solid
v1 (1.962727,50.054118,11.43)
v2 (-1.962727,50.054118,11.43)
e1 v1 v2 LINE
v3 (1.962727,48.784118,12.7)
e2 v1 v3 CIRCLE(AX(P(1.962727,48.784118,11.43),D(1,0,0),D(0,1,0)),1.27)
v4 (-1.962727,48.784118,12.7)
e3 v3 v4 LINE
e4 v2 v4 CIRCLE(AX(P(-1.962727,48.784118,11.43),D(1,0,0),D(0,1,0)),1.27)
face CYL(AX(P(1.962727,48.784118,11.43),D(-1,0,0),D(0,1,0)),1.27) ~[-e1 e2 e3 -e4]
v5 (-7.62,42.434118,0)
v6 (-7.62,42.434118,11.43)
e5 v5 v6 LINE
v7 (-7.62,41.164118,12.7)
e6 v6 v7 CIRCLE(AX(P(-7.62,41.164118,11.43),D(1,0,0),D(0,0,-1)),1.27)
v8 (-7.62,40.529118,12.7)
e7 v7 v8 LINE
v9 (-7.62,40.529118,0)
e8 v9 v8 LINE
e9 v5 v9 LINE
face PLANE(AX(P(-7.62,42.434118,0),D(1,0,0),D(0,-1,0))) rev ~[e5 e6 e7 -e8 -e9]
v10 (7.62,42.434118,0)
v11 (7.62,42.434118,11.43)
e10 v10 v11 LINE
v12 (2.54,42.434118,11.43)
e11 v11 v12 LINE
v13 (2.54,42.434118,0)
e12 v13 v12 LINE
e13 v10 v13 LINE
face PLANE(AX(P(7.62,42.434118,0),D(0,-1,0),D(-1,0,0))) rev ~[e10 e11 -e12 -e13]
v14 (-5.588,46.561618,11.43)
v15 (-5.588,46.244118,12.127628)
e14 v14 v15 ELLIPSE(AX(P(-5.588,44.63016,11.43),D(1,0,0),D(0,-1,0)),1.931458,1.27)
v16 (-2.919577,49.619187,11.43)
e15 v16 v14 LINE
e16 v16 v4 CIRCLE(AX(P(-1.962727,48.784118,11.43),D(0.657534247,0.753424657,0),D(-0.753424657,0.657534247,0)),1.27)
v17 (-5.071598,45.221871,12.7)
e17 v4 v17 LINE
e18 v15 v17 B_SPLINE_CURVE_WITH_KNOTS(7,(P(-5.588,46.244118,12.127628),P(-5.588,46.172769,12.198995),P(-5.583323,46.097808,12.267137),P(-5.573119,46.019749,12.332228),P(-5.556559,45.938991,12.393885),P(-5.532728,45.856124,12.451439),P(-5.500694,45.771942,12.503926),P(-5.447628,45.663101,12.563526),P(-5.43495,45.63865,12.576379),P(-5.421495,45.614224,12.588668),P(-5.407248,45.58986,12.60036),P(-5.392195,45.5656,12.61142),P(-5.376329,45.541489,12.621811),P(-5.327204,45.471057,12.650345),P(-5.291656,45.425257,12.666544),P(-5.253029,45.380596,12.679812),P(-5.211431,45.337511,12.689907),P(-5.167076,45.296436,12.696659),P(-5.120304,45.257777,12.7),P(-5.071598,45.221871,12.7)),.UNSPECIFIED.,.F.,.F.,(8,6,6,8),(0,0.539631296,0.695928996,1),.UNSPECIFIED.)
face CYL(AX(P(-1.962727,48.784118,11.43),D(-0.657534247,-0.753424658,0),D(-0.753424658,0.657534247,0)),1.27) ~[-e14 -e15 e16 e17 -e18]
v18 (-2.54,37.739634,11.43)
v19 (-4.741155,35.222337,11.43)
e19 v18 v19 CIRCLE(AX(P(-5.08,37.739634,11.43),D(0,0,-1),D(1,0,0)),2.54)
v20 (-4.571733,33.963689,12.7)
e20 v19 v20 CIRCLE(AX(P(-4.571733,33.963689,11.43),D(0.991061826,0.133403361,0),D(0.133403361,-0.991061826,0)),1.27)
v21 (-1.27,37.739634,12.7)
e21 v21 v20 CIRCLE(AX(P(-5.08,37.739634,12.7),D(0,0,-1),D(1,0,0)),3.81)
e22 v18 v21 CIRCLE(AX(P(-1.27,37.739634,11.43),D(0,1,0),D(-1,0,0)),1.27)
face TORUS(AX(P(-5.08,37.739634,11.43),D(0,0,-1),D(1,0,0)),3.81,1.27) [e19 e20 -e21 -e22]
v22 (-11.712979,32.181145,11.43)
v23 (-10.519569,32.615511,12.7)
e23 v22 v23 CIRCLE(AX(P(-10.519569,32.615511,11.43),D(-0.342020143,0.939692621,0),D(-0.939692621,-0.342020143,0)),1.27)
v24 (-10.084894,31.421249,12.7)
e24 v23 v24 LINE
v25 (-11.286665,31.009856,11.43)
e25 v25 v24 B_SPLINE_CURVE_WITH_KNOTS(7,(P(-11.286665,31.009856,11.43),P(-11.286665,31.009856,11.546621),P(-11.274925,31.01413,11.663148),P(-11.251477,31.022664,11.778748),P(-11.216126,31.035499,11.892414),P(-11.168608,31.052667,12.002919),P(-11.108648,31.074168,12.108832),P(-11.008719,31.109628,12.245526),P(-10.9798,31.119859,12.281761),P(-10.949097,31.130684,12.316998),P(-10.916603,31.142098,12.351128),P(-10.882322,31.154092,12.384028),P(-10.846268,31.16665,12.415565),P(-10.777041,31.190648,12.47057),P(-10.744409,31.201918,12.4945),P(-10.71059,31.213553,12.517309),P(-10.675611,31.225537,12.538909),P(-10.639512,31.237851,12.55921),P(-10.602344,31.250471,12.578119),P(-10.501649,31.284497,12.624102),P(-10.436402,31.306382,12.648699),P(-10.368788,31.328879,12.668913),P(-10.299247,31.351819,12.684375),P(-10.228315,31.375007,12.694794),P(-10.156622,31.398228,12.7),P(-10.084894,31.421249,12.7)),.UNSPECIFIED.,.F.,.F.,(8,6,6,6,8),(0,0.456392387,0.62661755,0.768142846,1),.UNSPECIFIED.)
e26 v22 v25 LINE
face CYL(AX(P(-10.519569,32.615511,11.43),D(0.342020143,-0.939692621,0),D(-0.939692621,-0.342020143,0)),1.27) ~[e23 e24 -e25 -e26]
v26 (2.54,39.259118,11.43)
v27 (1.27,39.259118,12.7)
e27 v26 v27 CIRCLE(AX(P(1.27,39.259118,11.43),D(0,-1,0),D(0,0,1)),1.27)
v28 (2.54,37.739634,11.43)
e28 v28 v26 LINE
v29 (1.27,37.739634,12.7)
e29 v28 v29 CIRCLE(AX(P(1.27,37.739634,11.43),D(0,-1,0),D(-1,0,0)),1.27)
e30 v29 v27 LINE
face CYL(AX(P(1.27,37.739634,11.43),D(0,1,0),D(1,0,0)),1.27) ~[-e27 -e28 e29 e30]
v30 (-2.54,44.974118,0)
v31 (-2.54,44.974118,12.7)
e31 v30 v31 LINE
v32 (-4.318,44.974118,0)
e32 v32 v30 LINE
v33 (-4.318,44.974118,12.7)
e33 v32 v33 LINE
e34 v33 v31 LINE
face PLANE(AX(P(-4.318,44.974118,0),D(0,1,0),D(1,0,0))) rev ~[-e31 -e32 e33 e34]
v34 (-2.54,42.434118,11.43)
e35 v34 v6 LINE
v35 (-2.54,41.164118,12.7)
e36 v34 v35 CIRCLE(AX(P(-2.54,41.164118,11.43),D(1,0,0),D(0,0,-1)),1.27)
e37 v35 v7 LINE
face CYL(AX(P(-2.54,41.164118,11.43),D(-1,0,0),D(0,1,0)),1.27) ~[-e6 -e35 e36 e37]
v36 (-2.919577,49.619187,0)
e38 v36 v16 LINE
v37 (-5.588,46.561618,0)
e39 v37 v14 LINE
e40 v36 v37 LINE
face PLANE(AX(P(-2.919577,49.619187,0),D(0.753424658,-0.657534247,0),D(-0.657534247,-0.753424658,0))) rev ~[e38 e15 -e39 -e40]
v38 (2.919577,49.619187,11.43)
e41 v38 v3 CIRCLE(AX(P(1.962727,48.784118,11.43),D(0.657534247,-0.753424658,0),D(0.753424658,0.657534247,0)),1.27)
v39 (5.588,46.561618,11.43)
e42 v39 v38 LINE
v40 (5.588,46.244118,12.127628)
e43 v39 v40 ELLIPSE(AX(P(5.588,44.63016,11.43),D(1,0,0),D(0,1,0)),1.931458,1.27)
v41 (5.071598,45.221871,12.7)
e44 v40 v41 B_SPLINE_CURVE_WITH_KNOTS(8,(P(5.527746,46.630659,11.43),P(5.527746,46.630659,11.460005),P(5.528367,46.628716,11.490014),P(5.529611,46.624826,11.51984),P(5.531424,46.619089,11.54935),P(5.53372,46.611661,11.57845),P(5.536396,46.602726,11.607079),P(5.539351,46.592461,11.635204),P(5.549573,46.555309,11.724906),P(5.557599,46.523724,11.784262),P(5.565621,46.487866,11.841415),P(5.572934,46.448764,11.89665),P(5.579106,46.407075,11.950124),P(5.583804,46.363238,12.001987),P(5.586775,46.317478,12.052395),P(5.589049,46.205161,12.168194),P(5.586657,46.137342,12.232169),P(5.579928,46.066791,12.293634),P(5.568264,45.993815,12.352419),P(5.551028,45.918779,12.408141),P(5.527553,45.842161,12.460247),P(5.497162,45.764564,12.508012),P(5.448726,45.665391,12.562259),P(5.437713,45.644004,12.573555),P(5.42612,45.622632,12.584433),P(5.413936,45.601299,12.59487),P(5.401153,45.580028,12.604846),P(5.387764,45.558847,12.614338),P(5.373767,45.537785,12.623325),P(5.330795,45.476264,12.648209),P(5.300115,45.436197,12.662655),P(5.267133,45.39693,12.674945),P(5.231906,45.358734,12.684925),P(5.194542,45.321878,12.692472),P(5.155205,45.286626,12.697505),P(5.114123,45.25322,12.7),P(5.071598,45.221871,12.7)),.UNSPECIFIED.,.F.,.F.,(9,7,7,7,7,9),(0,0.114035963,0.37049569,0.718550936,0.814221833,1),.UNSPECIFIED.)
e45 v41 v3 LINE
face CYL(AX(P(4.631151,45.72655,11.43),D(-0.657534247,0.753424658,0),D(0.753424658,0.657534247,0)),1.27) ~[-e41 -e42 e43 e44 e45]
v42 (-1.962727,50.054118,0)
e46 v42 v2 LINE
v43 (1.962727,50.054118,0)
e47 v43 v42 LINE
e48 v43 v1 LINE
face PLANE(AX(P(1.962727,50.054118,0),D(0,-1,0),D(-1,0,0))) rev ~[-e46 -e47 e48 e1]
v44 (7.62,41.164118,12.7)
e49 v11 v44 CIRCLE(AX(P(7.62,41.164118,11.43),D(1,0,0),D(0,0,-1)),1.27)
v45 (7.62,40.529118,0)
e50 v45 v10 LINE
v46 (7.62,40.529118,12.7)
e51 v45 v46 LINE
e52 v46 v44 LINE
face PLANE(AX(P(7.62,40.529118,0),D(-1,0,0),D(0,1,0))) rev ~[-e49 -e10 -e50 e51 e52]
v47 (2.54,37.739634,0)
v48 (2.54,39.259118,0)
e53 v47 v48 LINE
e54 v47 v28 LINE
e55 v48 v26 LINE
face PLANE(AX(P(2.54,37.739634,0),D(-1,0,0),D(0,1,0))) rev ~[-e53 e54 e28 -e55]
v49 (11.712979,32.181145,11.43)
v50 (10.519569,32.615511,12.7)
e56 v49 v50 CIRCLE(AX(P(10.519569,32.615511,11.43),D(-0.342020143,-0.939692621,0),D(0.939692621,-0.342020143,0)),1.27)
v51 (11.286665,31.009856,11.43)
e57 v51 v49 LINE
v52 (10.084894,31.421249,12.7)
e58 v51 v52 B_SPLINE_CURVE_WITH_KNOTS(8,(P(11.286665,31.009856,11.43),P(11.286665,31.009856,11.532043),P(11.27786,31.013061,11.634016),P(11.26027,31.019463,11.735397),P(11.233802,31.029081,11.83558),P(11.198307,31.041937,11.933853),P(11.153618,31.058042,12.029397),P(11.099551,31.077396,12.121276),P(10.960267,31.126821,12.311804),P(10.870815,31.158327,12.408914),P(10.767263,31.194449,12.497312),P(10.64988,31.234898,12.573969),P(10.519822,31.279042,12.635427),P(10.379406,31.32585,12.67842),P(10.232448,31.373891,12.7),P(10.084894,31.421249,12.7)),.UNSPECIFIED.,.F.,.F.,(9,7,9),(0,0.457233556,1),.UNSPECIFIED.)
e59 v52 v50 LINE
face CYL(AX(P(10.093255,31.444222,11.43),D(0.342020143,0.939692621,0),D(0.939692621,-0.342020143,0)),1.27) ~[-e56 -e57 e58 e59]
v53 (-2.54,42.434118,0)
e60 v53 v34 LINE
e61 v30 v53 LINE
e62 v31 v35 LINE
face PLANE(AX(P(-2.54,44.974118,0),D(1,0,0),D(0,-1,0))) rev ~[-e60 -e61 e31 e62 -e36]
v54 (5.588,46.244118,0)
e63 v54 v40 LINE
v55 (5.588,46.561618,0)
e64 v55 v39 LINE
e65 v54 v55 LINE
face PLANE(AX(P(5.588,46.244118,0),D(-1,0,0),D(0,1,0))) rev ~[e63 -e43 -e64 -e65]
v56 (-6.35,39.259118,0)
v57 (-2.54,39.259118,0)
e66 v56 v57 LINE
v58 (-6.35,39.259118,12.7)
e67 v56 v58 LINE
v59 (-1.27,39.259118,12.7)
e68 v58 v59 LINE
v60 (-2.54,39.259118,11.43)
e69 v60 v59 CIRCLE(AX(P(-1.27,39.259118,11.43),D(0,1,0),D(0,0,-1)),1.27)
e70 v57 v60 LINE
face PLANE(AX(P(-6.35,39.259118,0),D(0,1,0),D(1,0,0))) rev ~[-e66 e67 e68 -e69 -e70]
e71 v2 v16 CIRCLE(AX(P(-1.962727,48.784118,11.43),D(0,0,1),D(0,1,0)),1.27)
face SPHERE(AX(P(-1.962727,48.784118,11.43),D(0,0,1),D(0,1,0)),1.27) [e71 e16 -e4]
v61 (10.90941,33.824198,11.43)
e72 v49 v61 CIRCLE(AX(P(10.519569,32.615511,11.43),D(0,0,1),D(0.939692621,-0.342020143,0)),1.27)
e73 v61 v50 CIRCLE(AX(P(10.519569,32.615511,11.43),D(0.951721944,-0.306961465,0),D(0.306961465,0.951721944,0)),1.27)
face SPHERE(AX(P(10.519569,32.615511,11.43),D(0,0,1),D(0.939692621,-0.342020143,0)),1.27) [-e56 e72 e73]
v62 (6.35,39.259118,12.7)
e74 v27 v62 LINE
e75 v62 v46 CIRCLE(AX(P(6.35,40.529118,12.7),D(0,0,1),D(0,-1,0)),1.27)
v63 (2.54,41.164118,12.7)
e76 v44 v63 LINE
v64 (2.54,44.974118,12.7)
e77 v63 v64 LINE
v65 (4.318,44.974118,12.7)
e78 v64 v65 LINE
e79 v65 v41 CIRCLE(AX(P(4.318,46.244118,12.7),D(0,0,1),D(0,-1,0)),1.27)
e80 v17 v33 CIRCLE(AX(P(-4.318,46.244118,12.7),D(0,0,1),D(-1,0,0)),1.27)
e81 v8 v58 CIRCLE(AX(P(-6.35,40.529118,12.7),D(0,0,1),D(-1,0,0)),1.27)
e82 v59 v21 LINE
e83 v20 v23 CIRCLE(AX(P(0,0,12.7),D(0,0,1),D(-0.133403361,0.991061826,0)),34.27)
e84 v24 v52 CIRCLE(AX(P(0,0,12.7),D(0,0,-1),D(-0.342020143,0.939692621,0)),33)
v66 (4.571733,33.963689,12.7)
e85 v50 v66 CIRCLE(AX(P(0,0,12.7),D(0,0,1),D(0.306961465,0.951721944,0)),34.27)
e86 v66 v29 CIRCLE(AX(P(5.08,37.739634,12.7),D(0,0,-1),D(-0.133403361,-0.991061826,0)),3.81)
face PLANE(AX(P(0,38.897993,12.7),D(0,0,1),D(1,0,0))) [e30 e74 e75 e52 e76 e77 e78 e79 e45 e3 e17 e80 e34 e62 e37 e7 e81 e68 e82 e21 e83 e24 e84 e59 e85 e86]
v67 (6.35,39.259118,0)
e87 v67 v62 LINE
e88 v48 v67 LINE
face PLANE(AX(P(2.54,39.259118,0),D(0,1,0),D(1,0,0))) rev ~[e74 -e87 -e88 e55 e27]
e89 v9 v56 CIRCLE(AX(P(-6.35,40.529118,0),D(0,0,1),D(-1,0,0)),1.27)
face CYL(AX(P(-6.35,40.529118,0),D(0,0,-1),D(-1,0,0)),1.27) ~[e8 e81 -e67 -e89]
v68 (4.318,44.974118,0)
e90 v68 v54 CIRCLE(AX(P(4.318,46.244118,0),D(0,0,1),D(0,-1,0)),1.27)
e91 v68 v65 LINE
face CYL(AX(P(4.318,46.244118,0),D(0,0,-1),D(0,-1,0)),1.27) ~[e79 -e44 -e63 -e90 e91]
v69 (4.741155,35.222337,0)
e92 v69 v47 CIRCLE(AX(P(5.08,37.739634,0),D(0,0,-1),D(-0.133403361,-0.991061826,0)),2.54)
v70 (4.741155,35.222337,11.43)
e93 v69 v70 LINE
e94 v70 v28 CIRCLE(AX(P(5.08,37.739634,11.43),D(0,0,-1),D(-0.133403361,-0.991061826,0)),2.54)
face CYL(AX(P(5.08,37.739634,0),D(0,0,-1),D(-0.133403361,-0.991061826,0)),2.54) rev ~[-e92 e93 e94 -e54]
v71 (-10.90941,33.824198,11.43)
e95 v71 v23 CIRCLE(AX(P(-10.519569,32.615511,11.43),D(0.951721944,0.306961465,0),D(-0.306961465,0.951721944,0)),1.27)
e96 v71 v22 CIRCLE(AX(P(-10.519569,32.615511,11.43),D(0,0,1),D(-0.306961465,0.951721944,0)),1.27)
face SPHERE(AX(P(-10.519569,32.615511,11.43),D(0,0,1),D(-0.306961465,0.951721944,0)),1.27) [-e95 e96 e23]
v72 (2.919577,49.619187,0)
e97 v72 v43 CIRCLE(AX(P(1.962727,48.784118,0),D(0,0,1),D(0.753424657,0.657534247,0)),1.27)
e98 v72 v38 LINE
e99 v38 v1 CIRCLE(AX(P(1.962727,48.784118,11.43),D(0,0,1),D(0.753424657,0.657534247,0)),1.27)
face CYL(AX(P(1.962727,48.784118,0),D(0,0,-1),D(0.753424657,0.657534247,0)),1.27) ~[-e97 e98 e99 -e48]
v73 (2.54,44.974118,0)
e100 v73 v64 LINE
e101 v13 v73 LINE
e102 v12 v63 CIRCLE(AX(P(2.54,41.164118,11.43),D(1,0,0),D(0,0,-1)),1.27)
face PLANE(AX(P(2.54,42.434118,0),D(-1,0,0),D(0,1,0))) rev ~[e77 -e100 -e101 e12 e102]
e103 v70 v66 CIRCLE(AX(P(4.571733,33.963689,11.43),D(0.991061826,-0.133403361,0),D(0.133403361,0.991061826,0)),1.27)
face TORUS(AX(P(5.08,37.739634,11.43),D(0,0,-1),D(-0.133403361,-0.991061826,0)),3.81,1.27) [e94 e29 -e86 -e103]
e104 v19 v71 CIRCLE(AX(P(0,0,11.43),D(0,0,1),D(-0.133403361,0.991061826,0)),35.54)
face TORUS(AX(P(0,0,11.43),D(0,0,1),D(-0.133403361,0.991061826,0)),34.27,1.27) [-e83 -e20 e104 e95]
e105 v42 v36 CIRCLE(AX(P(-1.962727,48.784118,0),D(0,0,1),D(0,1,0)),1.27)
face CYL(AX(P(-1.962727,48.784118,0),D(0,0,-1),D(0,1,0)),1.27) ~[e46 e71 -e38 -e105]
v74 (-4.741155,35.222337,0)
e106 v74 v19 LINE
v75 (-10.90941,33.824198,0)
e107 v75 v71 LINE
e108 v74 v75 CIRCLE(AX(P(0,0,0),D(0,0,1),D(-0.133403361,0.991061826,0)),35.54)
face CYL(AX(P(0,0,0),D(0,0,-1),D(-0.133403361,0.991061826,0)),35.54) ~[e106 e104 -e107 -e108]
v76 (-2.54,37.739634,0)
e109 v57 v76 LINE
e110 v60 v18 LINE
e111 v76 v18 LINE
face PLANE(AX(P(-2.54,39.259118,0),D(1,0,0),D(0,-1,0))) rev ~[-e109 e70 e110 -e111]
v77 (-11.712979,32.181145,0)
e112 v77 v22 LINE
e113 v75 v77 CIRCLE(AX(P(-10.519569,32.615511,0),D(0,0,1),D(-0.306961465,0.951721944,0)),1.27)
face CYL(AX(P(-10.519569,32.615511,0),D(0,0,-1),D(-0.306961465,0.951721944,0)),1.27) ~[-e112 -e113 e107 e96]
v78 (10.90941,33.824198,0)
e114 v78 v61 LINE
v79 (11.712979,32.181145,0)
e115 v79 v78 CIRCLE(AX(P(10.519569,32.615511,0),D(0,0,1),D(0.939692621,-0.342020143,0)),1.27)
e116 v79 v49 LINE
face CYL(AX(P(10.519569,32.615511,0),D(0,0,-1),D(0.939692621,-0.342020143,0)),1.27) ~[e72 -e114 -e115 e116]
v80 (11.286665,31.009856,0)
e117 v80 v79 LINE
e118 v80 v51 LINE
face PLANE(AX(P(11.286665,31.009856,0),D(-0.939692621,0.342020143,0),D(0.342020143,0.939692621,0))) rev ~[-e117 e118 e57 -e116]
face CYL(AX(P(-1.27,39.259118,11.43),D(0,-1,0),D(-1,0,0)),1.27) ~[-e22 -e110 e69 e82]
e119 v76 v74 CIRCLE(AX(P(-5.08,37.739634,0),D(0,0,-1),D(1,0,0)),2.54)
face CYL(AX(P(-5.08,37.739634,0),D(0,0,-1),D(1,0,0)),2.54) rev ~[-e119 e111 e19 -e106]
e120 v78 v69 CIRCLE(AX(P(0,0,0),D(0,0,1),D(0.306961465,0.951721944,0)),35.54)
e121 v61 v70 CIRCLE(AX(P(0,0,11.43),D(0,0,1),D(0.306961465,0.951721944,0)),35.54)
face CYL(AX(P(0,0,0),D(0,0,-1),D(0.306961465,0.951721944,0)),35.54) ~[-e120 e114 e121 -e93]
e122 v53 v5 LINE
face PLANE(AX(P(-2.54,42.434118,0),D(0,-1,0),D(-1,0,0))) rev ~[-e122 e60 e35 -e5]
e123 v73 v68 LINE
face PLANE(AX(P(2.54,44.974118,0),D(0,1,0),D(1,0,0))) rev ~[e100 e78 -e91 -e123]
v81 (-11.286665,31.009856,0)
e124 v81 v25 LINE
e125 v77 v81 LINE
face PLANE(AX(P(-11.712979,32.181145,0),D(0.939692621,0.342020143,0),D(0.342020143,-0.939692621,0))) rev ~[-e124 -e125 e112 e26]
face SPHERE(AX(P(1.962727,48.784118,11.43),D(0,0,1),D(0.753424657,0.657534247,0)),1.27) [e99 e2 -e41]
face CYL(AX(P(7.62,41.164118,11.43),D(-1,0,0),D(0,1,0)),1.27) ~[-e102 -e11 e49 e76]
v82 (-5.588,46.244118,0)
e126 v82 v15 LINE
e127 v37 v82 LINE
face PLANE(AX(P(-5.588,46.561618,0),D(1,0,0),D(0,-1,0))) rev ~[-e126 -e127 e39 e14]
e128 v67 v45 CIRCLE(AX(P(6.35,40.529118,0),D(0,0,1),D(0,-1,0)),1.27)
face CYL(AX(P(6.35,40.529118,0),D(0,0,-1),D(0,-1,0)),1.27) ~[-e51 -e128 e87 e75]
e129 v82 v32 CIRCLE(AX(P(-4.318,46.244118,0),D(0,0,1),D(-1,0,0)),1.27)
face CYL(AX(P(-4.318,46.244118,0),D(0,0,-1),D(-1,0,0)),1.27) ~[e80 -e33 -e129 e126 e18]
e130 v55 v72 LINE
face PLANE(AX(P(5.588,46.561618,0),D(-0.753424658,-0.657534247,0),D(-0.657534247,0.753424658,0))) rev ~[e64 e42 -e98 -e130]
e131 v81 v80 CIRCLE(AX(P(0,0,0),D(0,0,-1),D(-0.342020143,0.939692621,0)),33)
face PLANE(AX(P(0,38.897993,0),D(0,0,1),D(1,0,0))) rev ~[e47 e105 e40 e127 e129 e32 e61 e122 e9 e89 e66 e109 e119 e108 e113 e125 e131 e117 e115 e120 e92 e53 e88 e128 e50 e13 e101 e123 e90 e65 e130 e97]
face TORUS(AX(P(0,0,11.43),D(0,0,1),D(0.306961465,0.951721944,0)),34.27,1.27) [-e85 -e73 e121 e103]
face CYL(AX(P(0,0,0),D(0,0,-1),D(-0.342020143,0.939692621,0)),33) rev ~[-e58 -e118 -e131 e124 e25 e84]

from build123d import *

# Parameters (mm, degrees)
F1_DEPTH = 12.7
F2_R     = 1.27


with BuildPart() as f1:
    # F0 (on Top) → F1 (new body)
    with BuildSketch(Plane.XY):
        with BuildLine():
            ThreePointArc((-11.2866647297, 31.0098564859), (0, 33), (11.2866647297, 31.0098564859))
            Line((11.2866647297, 31.0098564859), (11.7129790451, 32.1811454409))
            ThreePointArc((11.7129790451, 32.1811454409), (11.6604357653, 33.1734751566), (10.9094104776, 33.8241978919))
            ThreePointArc((10.9094104776, 33.8241978919), (7.8564465257, 34.6607537135), (4.7411554622, 35.2223373001))
            ThreePointArc((4.7411554622, 35.2223373001), (3.167898391, 36.0676691962), (2.54, 37.7396343385))
            Line((2.54, 37.7396343385), (2.54, 39.2591184658))
            Line((2.54, 39.2591184658), (6.35, 39.2591184658))
            ThreePointArc((6.35, 39.2591184658), (7.2480256121, 39.6310928537), (7.62, 40.5291184658))
            Line((7.62, 40.5291184658), (7.62, 42.4341184658))
            Line((7.62, 42.4341184658), (2.54, 42.4341184658))
            Line((2.54, 42.4341184658), (2.54, 44.9741184658))
            Line((2.54, 44.9741184658), (4.318, 44.9741184658))
            ThreePointArc((4.318, 44.9741184658), (5.2160256121, 45.3460928537), (5.588, 46.2441184658))
            Line((5.588, 46.2441184658), (5.588, 46.5616184658))
            Line((5.588, 46.5616184658), (2.9195765878, 49.6191869589))
            ThreePointArc((2.9195765878, 49.6191869589), (2.488257012, 49.9402838921), (1.9627272727, 50.0541184658))
            Line((1.9627272727, 50.0541184658), (0, 50.0541184658))
            Line((0, 50.0541184658), (-1.9627272727, 50.0541184658))
            ThreePointArc((-1.9627272727, 50.0541184658), (-2.488257012, 49.9402838921), (-2.9195765878, 49.6191869589))
            Line((-2.9195765878, 49.6191869589), (-5.588, 46.5616184658))
            Line((-5.588, 46.5616184658), (-5.588, 46.2441184658))
            ThreePointArc((-5.588, 46.2441184658), (-5.2160256121, 45.3460928537), (-4.318, 44.9741184658))
            Line((-4.318, 44.9741184658), (-2.54, 44.9741184658))
            Line((-2.54, 44.9741184658), (-2.54, 42.4341184658))
            Line((-2.54, 42.4341184658), (-7.62, 42.4341184658))
            Line((-7.62, 42.4341184658), (-7.62, 40.5291184658))
            ThreePointArc((-7.62, 40.5291184658), (-7.2480256121, 39.6310928537), (-6.35, 39.2591184658))
            Line((-6.35, 39.2591184658), (-2.54, 39.2591184658))
            Line((-2.54, 39.2591184658), (-2.54, 37.7396343385))
            ThreePointArc((-2.54, 37.7396343385), (-3.167898391, 36.0676691962), (-4.7411554622, 35.2223373001))
            ThreePointArc((-4.7411554622, 35.2223373001), (-7.8564465257, 34.6607537135), (-10.9094104776, 33.8241978919))
            ThreePointArc((-10.9094104776, 33.8241978919), (-11.6604357653, 33.1734751566), (-11.7129790451, 32.1811454409))
            Line((-11.7129790451, 32.1811454409), (-11.2866647297, 31.0098564859))
        make_face()
    extrude(amount=F1_DEPTH)

    # F2
    f2_edges = [f1.edges().sort_by_distance(p)[0] for p in [
        (3.167898, 36.067669, 12.7),
        (-7.856447, 34.660754, 12.7),
        (-5.08, 42.434118, 12.7),
        (5.08, 42.434118, 12.7),
        (4.253788, 48.090403, 12.7),
    ]]
    fillet(f2_edges, radius=F2_R)


solid = f1.part
